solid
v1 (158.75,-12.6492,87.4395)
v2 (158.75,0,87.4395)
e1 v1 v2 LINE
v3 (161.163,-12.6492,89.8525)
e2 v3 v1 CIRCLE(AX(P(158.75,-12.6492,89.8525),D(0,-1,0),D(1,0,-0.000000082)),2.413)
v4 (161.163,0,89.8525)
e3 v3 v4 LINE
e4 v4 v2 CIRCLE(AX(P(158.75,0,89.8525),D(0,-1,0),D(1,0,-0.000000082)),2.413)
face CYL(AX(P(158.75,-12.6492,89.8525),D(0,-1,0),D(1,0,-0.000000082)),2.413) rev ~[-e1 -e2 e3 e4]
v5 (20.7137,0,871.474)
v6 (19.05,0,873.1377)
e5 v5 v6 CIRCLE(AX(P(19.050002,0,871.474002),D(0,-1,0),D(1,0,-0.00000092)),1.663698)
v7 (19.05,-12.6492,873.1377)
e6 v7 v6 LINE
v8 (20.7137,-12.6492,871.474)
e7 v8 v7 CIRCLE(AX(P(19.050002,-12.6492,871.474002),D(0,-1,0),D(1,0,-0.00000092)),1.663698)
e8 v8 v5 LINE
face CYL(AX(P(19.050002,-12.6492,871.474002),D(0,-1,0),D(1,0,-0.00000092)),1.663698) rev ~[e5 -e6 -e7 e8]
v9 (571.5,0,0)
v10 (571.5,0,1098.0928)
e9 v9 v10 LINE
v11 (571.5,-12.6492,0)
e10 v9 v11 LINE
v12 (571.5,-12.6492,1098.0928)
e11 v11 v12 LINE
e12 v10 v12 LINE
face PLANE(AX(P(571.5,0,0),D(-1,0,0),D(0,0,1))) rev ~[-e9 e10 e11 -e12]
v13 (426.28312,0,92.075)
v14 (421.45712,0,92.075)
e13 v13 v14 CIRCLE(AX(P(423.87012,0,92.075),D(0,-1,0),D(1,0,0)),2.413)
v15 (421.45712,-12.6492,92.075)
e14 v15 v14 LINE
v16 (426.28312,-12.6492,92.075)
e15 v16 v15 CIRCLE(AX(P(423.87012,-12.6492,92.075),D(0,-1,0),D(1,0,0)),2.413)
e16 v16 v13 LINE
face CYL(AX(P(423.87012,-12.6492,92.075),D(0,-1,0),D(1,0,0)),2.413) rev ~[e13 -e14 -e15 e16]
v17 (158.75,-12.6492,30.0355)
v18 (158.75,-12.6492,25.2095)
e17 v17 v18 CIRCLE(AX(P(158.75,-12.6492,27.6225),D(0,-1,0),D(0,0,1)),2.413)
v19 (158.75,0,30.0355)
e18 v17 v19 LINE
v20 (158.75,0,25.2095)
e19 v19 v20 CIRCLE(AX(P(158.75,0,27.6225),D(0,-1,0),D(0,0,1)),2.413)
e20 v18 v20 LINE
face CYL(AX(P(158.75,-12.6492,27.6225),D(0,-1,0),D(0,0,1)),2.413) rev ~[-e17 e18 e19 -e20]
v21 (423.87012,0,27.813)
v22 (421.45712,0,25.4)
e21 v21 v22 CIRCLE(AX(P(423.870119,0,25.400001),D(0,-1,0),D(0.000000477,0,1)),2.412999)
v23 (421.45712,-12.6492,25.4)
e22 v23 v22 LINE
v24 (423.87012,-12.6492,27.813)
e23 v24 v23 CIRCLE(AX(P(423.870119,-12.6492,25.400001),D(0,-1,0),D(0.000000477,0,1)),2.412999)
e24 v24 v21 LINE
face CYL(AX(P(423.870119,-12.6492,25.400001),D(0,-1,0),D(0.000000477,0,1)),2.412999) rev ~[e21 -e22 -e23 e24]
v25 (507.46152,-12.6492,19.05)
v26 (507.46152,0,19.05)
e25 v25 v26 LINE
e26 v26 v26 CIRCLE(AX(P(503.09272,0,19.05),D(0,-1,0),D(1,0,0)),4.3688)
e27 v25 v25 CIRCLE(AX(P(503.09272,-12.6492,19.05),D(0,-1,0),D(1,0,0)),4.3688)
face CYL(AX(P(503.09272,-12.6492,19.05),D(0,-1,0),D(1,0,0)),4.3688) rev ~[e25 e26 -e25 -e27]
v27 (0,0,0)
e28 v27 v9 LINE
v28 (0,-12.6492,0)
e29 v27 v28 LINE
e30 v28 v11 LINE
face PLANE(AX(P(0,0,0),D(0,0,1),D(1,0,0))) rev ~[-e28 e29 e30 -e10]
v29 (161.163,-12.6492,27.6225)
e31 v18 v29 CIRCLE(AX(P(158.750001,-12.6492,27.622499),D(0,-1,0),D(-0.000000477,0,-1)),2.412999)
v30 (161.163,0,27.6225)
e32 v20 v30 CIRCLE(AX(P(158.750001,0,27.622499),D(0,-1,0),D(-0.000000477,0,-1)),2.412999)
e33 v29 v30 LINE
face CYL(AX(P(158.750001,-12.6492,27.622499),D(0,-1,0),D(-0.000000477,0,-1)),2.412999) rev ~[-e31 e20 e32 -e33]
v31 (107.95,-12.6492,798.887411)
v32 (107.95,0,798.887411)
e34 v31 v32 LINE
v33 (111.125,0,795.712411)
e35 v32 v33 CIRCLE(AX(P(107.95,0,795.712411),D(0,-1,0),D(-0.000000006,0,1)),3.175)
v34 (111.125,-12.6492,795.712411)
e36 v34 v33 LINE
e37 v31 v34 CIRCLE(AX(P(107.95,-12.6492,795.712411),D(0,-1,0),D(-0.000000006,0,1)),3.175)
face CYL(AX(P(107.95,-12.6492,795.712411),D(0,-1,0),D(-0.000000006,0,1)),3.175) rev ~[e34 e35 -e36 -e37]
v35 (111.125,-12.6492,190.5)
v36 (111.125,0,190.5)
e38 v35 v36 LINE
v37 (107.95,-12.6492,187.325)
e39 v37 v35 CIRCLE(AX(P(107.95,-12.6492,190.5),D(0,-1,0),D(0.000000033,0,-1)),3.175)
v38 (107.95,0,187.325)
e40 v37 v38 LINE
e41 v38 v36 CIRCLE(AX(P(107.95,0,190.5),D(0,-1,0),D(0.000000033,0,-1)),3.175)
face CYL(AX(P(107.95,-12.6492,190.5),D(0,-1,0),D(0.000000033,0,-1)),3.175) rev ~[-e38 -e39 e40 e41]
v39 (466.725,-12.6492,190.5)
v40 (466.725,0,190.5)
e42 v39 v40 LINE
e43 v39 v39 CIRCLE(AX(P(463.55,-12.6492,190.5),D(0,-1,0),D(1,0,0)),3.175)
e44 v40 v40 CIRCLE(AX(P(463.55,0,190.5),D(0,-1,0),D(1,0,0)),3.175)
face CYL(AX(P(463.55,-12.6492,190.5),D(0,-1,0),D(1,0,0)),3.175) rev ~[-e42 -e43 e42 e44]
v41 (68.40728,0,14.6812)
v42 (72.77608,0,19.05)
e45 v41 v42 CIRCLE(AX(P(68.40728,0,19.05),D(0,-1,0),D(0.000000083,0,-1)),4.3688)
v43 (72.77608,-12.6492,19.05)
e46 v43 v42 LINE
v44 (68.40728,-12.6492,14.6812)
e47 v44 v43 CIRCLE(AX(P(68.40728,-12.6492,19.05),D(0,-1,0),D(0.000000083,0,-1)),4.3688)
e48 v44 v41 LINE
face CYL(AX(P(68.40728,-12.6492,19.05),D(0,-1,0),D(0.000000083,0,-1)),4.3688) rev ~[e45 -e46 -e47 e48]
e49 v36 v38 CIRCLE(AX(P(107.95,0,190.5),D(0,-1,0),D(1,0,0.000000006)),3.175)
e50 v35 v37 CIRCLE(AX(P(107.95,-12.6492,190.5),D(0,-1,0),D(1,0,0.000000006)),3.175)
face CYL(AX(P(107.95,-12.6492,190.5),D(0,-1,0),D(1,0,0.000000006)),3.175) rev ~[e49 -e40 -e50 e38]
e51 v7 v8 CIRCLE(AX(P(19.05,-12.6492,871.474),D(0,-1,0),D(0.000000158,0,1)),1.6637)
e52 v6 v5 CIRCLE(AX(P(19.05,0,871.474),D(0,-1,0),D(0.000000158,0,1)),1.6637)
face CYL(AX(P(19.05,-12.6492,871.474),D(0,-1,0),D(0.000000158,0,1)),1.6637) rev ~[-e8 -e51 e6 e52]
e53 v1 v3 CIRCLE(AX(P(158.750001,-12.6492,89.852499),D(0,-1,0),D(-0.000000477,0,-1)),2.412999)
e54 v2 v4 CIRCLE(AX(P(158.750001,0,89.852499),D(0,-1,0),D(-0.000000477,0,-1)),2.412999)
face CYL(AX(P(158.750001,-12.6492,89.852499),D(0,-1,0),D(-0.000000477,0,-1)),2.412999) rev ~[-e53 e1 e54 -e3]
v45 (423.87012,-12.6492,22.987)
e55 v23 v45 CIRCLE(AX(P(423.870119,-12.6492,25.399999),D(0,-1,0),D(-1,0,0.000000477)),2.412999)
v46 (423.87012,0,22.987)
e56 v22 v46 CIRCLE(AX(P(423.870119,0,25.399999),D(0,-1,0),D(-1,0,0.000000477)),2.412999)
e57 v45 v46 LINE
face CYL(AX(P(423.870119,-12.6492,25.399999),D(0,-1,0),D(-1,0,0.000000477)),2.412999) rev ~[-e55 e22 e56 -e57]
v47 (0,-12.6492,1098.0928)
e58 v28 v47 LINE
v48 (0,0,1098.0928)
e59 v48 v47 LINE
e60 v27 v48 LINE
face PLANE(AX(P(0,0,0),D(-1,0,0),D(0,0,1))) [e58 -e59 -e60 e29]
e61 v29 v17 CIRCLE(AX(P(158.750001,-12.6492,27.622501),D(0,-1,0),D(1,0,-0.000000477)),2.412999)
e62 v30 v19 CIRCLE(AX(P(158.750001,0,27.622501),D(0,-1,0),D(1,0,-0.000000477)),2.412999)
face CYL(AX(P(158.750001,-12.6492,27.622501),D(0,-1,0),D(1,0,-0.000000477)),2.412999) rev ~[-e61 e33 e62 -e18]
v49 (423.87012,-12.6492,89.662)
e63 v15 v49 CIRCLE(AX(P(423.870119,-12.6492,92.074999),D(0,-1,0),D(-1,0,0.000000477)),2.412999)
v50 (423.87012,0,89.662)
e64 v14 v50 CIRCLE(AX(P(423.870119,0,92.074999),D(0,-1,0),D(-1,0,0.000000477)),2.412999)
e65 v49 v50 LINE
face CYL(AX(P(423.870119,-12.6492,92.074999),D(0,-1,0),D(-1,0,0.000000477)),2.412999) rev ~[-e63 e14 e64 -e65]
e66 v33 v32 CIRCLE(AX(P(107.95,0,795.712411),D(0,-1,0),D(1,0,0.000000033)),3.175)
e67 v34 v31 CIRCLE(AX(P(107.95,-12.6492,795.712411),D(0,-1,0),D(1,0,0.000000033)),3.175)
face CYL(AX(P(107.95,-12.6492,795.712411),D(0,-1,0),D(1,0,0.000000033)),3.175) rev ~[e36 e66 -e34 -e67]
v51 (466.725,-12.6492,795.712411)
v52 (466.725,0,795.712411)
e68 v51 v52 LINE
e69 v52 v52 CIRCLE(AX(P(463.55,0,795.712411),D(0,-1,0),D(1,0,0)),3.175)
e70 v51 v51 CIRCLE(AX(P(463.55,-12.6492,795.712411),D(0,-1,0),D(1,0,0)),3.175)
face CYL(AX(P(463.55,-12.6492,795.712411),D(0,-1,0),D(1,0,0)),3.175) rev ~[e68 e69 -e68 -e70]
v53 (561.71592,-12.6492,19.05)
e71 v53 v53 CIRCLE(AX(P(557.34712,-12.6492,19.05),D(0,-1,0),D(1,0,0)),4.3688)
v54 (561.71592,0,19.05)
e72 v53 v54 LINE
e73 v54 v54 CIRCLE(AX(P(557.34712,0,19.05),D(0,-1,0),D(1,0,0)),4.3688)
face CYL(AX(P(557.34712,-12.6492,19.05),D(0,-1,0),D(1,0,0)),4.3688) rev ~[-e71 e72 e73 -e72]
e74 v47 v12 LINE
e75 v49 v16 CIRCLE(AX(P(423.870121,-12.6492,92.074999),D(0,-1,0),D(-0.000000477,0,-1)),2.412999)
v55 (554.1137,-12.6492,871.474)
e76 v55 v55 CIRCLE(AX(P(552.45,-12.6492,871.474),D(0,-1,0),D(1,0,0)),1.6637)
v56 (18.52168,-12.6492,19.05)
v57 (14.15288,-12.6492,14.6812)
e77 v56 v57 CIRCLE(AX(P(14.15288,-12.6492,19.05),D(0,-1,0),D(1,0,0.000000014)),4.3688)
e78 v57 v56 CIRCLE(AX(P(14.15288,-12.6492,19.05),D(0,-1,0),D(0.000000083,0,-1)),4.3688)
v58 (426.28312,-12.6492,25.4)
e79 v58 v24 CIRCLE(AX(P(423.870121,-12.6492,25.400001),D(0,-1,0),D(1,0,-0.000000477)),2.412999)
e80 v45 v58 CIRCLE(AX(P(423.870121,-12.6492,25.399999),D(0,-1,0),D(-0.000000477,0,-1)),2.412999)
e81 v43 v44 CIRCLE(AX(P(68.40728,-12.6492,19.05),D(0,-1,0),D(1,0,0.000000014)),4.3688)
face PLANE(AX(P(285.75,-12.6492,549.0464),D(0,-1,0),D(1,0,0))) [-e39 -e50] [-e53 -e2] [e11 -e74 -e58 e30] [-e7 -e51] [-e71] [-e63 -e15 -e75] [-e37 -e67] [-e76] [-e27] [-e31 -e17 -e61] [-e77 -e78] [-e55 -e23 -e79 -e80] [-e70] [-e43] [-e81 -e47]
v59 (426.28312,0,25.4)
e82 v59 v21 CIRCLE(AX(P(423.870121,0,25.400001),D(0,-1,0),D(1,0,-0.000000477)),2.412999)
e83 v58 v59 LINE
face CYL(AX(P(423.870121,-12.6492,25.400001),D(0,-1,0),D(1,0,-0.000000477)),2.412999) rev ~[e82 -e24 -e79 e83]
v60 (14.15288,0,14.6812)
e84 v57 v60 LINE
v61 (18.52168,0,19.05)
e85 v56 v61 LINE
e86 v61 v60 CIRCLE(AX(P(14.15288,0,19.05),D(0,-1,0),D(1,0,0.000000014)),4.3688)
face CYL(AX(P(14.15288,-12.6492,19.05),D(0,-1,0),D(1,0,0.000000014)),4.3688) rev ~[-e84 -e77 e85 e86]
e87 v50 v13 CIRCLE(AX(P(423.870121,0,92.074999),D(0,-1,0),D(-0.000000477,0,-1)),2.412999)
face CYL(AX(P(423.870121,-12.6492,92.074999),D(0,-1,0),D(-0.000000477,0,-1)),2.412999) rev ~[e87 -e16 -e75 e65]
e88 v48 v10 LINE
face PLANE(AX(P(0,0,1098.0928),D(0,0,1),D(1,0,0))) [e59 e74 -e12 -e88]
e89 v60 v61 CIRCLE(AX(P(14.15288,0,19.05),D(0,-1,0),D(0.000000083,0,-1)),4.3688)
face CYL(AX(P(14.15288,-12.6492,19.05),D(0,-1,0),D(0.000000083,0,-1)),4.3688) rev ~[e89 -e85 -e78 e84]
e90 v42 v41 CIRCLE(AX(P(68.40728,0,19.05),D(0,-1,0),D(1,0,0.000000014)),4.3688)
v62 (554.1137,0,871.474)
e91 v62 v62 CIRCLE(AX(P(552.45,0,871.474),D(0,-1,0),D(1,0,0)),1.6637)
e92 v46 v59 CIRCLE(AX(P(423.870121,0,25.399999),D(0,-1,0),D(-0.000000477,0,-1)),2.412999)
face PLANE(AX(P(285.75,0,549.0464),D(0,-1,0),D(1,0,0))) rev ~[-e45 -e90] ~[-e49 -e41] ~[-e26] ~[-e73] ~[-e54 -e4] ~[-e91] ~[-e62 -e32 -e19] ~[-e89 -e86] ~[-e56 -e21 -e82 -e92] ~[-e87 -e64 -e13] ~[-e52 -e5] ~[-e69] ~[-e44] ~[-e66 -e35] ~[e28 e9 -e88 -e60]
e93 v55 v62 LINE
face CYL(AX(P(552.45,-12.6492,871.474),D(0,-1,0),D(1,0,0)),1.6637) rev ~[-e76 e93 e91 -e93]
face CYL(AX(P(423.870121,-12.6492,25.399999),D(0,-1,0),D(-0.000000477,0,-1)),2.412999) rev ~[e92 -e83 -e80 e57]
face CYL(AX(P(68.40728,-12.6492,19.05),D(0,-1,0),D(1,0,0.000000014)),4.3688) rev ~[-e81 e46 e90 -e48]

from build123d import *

# Parameters (mm, degrees)
F0_W     = 571.5
F0_H     = 1098.0928
F1_DEPTH = 12.6492
F2_R     = 4.3688
F2_R_2   = 3.175
F2_R_3   = 1.6637
F3_DEPTH = 12.6492


with BuildPart() as f1:
    # F0 (on Front) → F1 (new body)
    with BuildSketch(Plane.XZ):
        with Locations((285.75, 549.0464)):
            Rectangle(F0_W, F0_H)
    extrude(amount=F1_DEPTH)

    # F2 (on face) → F3 (cut)
    with BuildSketch(Plane.XZ.offset(12.6492)):
        with BuildLine():
            ThreePointArc((14.15288, 14.6812), (17.242088, 15.960792), (18.52168, 19.05))
            ThreePointArc((18.52168, 19.05), (11.063672, 22.139208), (14.15288, 14.6812))
        make_face()
        with BuildLine():
            ThreePointArc((72.77608, 19.05), (65.318072, 22.139208), (68.40728, 14.6812))
            ThreePointArc((68.40728, 14.6812), (71.496488, 15.960792), (72.77608, 19.05))
        make_face()
        with BuildLine():
            ThreePointArc((111.125, 190.5), (105.704936, 192.745064), (107.95, 187.325))
            ThreePointArc((107.95, 187.325), (110.195064, 188.254936), (111.125, 190.5))
        make_face()
        with BuildLine():
            ThreePointArc((161.163, 89.8525), (157.043751, 91.558749), (158.75, 87.4395))
            ThreePointArc((158.75, 87.4395), (160.456249, 88.146251), (161.163, 89.8525))
        make_face()
        with BuildLine():
            ThreePointArc((158.75, 30.0355), (156.337, 27.6225), (158.75, 25.2095))
            Line((158.75, 25.2095), (158.75, 27.6225))
            Line((158.75, 27.6225), (158.75, 30.0355))
        make_face()
        with BuildLine():
            Line((158.75, 27.6225), (158.75, 25.2095))
            ThreePointArc((158.75, 25.2095), (160.456249, 25.916251), (161.163, 27.6225))
            ThreePointArc((161.163, 27.6225), (160.456249, 29.328749), (158.75, 30.0355))
            Line((158.75, 30.0355), (158.75, 27.6225))
        make_face()
        with BuildLine():
            ThreePointArc((421.45712, 92.075), (422.163871, 90.368751), (423.87012, 89.662))
            Line((423.87012, 89.662), (423.87012, 92.075))
            Line((423.87012, 92.075), (421.45712, 92.075))
        make_face()
        with BuildLine():
            Line((423.87012, 92.075), (423.87012, 89.662))
            ThreePointArc((423.87012, 89.662), (425.576369, 90.368751), (426.28312, 92.075))
            ThreePointArc((426.28312, 92.075), (423.87012, 94.488), (421.45712, 92.075))
            Line((421.45712, 92.075), (423.87012, 92.075))
        make_face()
        with BuildLine():
            ThreePointArc((421.45712, 25.4), (422.163871, 23.693751), (423.87012, 22.987))
            Line((423.87012, 22.987), (423.87012, 25.4))
            Line((423.87012, 25.4), (421.45712, 25.4))
        make_face()
        with BuildLine():
            Line((423.87012, 25.4), (423.87012, 22.987))
            ThreePointArc((423.87012, 22.987), (425.576369, 23.693751), (426.28312, 25.4))
            ThreePointArc((426.28312, 25.4), (425.576369, 27.106249), (423.87012, 27.813))
            Line((423.87012, 27.813), (423.87012, 25.4))
        make_face()
        with BuildLine():
            ThreePointArc((111.125, 795.712411), (110.195064, 797.957475), (107.95, 798.887411))
            ThreePointArc((107.95, 798.887411), (105.704936, 793.467347), (111.125, 795.712411))
        make_face()
        with BuildLine():
            ThreePointArc((20.7137, 871.474), (20.226414, 872.650414), (19.05, 873.1377))
            ThreePointArc((19.05, 873.1377), (17.873586, 870.297586), (20.7137, 871.474))
        make_face()
        with BuildLine():
            ThreePointArc((423.87012, 27.813), (422.163871, 27.106249), (421.45712, 25.4))
            Line((421.45712, 25.4), (423.87012, 25.4))
            Line((423.87012, 25.4), (423.87012, 27.813))
        make_face()
        with Locations((503.09272, 19.05)):
            Circle(F2_R)
        with Locations((557.34712, 19.05)):
            Circle(F2_R)
        with Locations((463.55, 190.5)):
            Circle(F2_R_2)
        with Locations((463.55, 795.712411)):
            Circle(F2_R_2)
        with Locations((552.45, 871.474)):
            Circle(F2_R_3)
    extrude(amount=-F3_DEPTH, mode=Mode.SUBTRACT)


solid = f1.part
